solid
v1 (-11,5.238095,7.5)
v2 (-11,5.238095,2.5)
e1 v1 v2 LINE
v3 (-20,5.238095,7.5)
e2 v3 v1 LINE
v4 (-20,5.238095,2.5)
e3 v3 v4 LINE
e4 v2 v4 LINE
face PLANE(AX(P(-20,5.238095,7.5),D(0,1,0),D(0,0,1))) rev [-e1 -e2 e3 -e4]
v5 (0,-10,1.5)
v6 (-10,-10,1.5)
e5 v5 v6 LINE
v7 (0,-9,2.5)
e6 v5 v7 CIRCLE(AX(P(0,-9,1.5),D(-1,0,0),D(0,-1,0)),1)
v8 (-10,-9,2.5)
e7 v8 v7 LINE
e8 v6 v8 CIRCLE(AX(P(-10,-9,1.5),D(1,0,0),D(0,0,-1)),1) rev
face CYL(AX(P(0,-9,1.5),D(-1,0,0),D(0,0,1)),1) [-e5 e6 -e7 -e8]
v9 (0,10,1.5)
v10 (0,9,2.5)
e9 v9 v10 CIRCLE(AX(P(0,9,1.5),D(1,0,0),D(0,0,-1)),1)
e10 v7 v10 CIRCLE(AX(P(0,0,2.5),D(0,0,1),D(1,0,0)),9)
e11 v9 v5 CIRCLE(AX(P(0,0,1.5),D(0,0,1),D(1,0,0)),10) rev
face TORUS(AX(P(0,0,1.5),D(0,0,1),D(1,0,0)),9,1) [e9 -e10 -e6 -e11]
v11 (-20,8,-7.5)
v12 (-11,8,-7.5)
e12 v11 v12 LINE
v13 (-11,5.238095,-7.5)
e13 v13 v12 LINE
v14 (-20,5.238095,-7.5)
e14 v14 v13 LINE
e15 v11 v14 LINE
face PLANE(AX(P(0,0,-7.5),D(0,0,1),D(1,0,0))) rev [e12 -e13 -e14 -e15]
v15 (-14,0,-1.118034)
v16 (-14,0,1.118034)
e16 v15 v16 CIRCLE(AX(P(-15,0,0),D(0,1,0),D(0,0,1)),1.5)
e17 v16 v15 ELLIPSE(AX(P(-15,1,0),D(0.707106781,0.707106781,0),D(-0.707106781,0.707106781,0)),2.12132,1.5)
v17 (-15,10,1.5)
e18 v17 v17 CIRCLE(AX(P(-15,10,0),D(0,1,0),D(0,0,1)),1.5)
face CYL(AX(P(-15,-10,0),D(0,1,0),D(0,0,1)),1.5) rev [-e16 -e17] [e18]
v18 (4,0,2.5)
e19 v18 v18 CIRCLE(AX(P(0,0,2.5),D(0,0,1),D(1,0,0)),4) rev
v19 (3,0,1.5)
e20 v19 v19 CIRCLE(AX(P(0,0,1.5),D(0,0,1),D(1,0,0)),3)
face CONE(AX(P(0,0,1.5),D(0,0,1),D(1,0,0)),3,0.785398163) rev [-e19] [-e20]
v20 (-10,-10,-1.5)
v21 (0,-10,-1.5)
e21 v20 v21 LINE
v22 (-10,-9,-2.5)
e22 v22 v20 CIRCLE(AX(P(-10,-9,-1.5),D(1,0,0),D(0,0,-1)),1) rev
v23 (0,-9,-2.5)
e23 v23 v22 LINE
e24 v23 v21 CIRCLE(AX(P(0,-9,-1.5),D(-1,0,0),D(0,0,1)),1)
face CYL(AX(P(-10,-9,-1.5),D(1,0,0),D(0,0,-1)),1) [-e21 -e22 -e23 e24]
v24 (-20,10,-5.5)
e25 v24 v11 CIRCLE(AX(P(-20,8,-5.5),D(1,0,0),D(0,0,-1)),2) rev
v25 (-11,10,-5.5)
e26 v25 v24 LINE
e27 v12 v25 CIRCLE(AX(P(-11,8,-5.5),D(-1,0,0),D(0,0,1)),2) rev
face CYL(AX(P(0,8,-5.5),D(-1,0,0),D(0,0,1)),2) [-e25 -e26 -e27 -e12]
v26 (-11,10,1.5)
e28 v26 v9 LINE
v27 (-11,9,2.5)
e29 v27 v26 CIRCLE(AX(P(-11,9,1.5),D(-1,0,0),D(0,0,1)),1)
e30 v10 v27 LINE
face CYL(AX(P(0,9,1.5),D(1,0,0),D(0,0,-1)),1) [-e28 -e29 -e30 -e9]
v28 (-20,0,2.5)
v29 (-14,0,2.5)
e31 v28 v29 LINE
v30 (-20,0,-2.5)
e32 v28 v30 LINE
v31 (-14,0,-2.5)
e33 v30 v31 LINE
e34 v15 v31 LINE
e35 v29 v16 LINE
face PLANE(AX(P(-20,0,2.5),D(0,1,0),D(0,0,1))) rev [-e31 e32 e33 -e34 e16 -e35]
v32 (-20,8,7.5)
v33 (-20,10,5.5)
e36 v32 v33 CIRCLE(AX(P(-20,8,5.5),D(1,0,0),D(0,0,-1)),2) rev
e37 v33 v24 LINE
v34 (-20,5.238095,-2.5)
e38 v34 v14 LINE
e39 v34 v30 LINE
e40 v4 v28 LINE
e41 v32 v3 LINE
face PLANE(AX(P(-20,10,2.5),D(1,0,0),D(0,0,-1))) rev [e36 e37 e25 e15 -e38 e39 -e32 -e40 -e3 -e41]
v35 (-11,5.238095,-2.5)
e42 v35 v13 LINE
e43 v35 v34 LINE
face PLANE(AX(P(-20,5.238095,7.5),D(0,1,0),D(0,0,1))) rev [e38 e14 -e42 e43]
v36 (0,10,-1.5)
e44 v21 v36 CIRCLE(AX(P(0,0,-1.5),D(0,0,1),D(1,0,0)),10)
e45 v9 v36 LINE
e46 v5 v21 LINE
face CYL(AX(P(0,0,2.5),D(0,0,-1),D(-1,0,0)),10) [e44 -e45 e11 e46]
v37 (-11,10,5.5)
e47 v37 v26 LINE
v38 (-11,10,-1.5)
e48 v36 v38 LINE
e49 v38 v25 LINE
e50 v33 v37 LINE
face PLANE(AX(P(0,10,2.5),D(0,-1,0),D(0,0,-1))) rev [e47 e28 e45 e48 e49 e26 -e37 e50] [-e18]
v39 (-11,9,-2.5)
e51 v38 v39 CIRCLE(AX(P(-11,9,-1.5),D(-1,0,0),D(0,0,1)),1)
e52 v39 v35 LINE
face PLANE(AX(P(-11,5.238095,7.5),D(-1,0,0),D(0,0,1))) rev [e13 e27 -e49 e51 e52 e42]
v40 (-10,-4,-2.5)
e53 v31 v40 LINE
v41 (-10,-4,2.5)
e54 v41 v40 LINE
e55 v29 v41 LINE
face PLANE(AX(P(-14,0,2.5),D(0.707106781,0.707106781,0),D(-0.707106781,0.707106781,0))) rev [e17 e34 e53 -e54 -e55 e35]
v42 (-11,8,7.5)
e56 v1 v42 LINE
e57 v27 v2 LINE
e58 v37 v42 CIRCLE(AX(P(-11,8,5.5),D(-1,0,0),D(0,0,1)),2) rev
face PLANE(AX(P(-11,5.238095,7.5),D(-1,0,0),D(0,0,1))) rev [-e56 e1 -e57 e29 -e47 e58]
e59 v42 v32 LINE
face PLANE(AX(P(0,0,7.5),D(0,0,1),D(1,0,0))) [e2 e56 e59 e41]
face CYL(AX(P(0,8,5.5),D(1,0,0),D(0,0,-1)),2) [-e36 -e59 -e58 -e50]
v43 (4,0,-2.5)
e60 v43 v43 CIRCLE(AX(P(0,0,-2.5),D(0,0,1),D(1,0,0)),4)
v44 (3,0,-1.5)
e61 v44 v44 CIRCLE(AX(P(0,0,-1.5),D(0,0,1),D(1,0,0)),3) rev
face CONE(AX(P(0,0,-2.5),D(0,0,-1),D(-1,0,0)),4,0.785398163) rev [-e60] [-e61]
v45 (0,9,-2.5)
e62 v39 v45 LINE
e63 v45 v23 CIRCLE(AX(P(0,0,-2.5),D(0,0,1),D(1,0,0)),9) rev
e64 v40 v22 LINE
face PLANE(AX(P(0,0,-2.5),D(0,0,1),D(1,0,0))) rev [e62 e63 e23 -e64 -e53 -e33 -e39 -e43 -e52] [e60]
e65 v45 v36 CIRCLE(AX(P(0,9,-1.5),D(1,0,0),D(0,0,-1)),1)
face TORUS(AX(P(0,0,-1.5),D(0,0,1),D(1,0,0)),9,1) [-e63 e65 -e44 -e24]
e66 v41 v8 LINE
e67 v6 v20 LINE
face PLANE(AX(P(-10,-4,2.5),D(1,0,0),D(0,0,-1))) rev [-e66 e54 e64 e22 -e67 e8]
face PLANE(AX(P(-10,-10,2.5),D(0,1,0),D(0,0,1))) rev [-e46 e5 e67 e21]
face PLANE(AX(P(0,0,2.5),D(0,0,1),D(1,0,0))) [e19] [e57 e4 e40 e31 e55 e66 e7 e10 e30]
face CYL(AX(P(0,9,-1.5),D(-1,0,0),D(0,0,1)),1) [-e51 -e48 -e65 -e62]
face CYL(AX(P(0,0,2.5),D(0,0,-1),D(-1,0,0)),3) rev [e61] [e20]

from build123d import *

# Parameters (mm, degrees)
SKETCH1_R           = 3
BOSS_EXTRUDE1_DEPTH = 2.5
SKETCH2_W           = 9
SKETCH2_H           = 4.761904762
BOSS_EXTRUDE2_DEPTH = 7.5
FILLET1_R           = 2
CHAMFER1_SIZE       = 1
FILLET2_R           = 1
SKETCH3_R           = 1.5
CUT_EXTRUDE1_DEPTH  = 20


with BuildPart() as part:
    # Sketch1 → Boss-Extrude1 (new body, symmetric)
    with BuildSketch(Plane.XY):
        with BuildLine():
            Line((0, 10), (-20, 10))
            Line((-20, 10), (-20, 0))
            Line((-20, 0), (-14, 0))
            Line((-14, 0), (-10, -4))
            Line((-10, -4), (-10, -10))
            Line((-10, -10), (0, -10))
            ThreePointArc((0, -10), (10, 0), (0, 10))
        make_face()
        Circle(SKETCH1_R, mode=Mode.SUBTRACT)
    extrude(amount=BOSS_EXTRUDE1_DEPTH, both=True)

    # Sketch2 → Boss-Extrude2 (add, symmetric)
    with BuildSketch(Plane.XY):
        with Locations((-15.5, 7.619047619)):
            Rectangle(SKETCH2_W, SKETCH2_H)
    extrude(amount=BOSS_EXTRUDE2_DEPTH, both=True)

    # Fillet1
    fillet1_edges = [part.edges().sort_by_distance(p)[0] for p in [
        (-15.5, 10, -7.5),
        (-15.5, 10, 7.5),
    ]]
    fillet(fillet1_edges, radius=FILLET1_R)

    # Chamfer1
    chamfer1_edges = [part.edges().sort_by_distance(p)[0] for p in [
        (-3, 0, -2.5),
        (-3, 0, 2.5),
    ]]
    chamfer(chamfer1_edges, length=CHAMFER1_SIZE)

    # Fillet2
    fillet2_edges = [part.edges().sort_by_distance(p)[0] for p in [
        (-5, -10, 2.5),
        (10, 0, 2.5),
        (-5.5, 10, 2.5),
        (-5.5, 10, -2.5),
        (10, 0, -2.5),
        (-5, -10, -2.5),
    ]]
    fillet(fillet2_edges, radius=FILLET2_R)

    # Sketch3 → Cut-Extrude1 (cut)
    with BuildSketch(Plane(origin=(0, 10, 0), x_dir=(1, 0, 0), z_dir=(0, 1, 0))):
        with Locations((-15, 0)):
            Circle(SKETCH3_R)
    extrude(amount=-CUT_EXTRUDE1_DEPTH, mode=Mode.SUBTRACT)


solid = part.part
